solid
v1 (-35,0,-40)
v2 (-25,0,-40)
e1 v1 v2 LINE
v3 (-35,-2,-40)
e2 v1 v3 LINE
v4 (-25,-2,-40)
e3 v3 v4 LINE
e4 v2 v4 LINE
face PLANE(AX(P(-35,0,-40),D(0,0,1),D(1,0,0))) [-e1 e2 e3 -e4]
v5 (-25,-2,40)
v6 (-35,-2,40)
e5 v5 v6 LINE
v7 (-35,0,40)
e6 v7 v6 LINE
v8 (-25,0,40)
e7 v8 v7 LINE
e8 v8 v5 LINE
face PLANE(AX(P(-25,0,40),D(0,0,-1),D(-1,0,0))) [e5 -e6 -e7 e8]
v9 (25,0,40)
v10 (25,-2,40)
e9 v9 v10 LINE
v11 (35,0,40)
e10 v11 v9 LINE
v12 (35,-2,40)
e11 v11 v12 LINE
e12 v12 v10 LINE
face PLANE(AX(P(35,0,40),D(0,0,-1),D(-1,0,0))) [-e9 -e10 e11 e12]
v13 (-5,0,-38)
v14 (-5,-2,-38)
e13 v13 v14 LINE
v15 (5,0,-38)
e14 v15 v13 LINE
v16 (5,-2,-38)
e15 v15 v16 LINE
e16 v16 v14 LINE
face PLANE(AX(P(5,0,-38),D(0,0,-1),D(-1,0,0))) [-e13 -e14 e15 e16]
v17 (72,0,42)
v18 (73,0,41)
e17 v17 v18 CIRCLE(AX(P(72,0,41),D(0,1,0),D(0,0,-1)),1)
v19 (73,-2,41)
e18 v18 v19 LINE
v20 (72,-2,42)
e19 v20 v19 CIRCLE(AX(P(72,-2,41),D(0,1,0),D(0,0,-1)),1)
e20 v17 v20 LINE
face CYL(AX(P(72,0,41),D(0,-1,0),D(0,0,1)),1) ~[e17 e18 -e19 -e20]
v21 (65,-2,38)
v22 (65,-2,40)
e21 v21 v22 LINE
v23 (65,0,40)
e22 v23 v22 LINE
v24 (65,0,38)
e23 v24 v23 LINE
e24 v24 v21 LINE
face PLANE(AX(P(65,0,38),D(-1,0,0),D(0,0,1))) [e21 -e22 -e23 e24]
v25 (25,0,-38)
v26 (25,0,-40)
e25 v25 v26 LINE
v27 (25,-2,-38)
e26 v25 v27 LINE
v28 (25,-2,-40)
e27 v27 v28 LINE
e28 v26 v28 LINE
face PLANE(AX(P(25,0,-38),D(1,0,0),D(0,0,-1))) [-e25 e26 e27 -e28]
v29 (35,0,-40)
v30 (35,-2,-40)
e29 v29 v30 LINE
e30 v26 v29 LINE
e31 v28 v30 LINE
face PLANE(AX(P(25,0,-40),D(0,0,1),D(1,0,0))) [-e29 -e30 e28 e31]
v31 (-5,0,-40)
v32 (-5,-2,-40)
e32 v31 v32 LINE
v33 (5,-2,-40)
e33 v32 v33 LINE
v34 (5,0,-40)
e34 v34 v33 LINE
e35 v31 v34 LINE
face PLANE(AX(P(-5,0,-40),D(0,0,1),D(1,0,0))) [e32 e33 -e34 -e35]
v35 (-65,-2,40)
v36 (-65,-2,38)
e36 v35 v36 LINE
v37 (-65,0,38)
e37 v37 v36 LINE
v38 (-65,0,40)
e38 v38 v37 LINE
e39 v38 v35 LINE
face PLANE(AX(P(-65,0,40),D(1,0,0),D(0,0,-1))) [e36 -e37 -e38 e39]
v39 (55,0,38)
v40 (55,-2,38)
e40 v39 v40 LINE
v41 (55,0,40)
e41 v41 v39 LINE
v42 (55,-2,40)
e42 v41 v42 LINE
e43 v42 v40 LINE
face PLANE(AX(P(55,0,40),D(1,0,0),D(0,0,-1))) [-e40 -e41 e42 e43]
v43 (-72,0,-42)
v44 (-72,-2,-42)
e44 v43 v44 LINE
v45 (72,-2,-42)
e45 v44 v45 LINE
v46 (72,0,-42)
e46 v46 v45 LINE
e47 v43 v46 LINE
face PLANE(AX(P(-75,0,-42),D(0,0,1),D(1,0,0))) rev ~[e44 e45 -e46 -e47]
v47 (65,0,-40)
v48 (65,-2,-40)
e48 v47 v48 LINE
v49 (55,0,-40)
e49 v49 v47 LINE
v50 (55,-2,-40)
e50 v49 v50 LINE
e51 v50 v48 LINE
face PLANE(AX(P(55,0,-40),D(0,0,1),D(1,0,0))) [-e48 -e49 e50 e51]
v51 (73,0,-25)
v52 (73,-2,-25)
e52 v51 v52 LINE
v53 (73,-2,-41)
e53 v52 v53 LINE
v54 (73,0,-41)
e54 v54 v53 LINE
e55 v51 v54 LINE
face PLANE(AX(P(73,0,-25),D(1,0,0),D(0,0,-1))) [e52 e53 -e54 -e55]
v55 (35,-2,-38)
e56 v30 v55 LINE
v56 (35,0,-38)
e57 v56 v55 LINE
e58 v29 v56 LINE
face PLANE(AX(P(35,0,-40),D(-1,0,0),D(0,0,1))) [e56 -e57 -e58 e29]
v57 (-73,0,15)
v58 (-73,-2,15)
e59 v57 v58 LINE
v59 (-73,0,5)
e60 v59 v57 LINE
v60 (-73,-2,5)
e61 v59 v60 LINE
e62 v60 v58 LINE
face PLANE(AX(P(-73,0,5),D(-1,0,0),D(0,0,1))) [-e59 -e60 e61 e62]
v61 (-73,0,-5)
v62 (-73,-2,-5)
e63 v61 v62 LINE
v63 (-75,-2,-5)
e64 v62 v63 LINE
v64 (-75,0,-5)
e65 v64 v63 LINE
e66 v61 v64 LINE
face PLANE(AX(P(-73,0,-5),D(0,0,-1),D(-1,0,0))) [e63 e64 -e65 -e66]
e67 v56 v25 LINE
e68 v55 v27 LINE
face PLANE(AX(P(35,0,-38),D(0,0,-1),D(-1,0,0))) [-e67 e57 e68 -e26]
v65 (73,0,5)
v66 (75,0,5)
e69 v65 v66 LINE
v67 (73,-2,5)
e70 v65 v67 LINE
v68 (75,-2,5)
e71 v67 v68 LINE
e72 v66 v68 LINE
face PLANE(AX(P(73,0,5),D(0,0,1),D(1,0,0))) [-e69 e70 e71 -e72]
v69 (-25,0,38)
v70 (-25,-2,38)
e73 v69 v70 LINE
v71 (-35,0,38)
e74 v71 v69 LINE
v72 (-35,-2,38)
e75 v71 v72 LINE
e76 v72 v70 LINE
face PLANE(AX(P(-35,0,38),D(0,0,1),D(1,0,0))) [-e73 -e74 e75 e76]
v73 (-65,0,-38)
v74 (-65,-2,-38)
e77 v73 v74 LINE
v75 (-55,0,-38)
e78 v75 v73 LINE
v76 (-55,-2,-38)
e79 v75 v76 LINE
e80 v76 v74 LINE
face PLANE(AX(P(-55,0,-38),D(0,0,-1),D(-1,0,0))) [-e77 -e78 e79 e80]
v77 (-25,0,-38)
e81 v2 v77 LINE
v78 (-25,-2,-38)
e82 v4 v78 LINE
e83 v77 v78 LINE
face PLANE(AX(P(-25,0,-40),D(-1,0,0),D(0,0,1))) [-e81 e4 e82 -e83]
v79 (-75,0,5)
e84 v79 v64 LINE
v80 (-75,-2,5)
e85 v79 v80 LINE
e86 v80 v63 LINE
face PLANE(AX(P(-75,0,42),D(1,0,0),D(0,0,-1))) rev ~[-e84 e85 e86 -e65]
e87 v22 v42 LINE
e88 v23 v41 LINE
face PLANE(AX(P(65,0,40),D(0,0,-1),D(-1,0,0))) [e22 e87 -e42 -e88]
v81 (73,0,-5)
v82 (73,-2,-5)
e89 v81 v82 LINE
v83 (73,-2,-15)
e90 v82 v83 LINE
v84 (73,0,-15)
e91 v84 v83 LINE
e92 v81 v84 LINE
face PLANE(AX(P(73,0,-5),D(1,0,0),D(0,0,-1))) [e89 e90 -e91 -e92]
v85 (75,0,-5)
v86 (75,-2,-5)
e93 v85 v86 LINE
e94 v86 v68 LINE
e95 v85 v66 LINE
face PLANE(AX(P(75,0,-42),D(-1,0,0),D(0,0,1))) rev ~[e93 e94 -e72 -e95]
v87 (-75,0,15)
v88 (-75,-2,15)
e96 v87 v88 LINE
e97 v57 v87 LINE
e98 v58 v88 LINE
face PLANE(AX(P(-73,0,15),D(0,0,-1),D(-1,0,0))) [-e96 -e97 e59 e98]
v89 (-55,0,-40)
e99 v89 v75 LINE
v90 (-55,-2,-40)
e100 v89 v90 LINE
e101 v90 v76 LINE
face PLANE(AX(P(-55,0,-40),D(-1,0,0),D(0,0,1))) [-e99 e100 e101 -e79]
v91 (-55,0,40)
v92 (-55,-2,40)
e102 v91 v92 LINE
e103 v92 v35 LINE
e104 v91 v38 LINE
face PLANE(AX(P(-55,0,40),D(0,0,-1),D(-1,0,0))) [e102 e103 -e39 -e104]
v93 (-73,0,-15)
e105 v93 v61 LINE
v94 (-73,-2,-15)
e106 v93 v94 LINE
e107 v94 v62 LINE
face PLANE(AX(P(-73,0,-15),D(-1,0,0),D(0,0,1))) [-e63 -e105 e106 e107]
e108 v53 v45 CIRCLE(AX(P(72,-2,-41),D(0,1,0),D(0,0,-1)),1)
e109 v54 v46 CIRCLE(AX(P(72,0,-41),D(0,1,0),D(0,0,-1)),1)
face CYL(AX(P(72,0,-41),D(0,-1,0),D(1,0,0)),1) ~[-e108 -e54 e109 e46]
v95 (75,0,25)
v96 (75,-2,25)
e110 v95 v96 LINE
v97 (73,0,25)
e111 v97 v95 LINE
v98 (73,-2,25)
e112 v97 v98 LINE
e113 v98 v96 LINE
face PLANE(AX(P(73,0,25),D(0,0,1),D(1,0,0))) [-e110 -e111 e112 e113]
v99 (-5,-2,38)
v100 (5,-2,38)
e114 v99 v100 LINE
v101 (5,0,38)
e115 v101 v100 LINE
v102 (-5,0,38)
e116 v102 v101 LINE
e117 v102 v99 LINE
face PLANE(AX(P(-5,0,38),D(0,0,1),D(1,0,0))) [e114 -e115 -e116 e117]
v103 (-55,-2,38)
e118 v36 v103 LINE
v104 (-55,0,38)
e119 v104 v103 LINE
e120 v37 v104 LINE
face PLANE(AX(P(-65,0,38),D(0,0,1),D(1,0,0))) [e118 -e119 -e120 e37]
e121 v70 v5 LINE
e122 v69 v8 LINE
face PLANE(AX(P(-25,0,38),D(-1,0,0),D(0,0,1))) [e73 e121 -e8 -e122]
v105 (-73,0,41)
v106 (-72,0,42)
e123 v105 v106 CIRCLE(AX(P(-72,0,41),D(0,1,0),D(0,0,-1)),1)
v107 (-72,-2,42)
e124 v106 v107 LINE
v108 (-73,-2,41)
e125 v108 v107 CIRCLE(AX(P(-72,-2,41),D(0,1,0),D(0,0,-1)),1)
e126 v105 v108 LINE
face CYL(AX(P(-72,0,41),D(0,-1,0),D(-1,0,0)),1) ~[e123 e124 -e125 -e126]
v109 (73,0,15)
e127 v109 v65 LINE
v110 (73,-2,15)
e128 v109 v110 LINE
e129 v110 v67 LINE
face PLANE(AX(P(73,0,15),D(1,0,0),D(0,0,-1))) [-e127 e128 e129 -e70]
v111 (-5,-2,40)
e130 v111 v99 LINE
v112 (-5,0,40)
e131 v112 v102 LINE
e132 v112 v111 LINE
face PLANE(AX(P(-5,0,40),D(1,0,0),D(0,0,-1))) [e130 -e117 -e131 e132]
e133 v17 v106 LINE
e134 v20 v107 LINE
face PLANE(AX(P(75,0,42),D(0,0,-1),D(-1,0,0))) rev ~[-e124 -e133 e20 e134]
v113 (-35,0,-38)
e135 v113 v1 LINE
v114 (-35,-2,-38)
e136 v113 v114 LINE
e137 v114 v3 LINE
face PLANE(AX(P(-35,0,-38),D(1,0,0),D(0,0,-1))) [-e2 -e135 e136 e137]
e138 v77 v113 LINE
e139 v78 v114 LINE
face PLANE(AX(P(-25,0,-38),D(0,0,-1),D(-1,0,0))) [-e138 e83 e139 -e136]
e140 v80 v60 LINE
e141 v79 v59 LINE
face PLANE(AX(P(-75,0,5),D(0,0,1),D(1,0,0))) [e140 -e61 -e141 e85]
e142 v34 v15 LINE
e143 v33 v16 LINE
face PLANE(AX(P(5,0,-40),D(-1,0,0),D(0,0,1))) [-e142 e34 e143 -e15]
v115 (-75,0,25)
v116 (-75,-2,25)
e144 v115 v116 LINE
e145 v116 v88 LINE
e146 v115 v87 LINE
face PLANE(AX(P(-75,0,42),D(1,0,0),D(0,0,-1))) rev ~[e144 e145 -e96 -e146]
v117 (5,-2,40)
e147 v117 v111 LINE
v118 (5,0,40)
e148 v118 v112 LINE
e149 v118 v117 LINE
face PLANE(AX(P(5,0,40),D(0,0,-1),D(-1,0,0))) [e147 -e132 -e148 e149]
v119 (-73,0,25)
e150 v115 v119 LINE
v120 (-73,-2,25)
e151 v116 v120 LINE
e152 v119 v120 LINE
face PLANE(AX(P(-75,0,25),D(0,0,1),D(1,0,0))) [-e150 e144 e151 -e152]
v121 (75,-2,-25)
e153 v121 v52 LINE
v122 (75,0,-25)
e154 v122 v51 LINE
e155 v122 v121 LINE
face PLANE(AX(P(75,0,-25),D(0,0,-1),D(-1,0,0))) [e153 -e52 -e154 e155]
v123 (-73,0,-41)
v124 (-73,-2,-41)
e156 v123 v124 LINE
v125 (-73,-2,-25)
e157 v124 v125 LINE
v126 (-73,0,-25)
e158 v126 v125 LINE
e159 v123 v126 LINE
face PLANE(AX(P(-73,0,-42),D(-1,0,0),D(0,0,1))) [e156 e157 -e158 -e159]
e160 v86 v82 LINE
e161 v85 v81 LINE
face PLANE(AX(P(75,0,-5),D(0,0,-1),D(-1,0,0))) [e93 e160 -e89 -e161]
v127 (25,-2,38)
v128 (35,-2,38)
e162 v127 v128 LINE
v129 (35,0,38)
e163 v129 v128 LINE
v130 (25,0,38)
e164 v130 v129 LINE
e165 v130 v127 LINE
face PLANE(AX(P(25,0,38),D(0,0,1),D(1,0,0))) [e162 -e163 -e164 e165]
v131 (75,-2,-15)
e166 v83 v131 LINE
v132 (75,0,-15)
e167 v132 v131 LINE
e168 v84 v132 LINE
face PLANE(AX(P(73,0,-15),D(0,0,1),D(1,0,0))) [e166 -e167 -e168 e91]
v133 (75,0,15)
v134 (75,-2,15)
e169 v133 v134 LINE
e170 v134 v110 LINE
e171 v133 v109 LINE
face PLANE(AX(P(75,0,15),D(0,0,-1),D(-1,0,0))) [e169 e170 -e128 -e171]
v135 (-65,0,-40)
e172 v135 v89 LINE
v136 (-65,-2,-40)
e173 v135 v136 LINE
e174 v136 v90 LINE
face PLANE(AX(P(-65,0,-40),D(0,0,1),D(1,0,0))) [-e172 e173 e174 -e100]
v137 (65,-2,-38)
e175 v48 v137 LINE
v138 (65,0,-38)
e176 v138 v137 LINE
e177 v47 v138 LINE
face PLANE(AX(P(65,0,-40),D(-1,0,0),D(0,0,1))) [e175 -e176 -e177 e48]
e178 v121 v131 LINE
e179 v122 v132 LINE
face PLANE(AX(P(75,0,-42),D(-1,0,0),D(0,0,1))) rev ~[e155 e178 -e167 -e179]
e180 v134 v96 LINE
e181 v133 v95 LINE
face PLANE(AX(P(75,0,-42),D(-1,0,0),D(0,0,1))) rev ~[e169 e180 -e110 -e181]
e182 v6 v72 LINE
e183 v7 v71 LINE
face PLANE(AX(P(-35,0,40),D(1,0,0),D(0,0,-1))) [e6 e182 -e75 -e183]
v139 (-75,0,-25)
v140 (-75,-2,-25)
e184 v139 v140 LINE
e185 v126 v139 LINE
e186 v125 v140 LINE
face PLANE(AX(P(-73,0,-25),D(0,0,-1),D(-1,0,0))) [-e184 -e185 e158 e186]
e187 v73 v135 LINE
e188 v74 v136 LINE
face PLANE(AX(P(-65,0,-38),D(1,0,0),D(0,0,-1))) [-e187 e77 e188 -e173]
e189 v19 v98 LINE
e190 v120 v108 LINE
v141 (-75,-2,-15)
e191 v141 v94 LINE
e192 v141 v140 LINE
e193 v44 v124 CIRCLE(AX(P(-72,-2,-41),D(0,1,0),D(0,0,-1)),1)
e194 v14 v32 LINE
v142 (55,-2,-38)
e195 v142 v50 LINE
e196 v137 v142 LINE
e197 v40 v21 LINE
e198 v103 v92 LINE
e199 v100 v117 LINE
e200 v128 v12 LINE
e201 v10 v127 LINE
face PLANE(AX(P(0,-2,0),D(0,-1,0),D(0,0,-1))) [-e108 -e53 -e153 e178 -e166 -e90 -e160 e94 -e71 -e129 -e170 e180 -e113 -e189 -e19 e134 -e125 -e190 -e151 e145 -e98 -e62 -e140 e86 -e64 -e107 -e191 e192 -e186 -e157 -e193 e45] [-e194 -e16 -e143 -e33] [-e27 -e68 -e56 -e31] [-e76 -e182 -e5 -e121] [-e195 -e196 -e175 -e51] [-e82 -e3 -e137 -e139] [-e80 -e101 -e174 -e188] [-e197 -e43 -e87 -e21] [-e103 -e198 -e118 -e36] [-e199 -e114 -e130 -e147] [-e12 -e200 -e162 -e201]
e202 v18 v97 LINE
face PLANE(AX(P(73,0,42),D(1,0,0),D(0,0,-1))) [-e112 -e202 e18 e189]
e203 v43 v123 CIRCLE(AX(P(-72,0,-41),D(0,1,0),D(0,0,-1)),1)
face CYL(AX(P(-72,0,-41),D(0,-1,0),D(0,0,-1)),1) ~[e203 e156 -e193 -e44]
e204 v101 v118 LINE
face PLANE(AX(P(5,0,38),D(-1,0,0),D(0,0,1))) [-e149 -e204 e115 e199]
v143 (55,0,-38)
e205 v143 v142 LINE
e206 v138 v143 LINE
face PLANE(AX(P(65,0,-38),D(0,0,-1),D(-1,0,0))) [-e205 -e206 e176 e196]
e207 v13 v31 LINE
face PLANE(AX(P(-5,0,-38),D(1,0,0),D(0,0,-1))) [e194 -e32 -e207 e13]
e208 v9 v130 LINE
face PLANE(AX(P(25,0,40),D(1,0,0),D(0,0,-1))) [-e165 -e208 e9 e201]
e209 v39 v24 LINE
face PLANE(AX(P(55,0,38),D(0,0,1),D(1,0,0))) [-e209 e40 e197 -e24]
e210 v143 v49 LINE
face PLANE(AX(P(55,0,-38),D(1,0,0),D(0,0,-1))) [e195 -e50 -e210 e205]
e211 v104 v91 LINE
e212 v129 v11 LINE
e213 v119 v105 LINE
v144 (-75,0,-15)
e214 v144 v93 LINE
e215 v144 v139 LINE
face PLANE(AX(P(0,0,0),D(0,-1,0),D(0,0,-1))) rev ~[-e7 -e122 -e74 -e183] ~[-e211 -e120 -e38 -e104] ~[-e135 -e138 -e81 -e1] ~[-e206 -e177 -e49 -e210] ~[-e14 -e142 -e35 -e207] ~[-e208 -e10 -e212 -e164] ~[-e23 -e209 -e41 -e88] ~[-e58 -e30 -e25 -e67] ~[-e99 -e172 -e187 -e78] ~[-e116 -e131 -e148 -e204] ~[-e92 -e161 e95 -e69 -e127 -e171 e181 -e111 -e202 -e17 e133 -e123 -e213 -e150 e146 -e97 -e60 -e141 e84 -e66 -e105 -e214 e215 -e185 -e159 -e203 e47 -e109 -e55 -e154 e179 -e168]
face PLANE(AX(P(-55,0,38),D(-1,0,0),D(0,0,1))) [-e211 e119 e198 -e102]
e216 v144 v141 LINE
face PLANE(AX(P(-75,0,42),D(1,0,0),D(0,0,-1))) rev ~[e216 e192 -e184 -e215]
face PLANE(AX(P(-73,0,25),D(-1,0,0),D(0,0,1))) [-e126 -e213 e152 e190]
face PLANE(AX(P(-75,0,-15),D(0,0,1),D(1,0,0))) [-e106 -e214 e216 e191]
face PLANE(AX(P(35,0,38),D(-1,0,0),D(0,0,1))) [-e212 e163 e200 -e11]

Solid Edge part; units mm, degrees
sketch "Sketch1" plane through (0, 0, 0) normal (0, -1, 0) x (1, 0, 0)
  line L0 (75, -42) -> (75, 42)
  line L1 (75, 42) -> (-75, 42)
  line L2 (-75, 42) -> (-75, -42)
  line L3 (-75, -42) -> (75, -42)
extrude "Protrusion1" add sketch "Sketch1" along normal blind 2
sketch "Sketch2" plane through (0, 0, 0) normal (0, -1, 0) x (1, 0, 0)
  line L0 (-55, 38) -> (-55, 40)
  line L1 (-55, 40) -> (-65, 40)
  line L2 (-65, 40) -> (-65, 38)
  line L3 (-65, 38) -> (-55, 38)
  line L4 (-25, 40) -> (-35, 40)
  line L5 (-35, 40) -> (-35, 38)
  line L6 (-35, 38) -> (-25, 38)
  line L7 (-25, 38) -> (-25, 40)
  line L8 (-5, 38) -> (5, 38)
  line L9 (5, 38) -> (5, 40)
  line L10 (5, 40) -> (-5, 40)
  line L11 (-5, 40) -> (-5, 38)
  line L12 (25, 38) -> (35, 38)
  line L13 (35, 38) -> (35, 40)
  line L14 (35, 40) -> (25, 40)
  line L15 (25, 40) -> (25, 38)
  line L16 (55, 38) -> (65, 38)
  line L17 (65, 38) -> (65, 40)
  line L18 (65, 40) -> (55, 40)
  line L19 (55, 40) -> (55, 38)
  line L20 (65, -40) -> (65, -38)
  line L21 (65, -38) -> (55, -38)
  line L22 (55, -38) -> (55, -40)
  line L23 (55, -40) -> (65, -40)
  line L24 (25, -40) -> (35, -40)
  line L25 (35, -40) -> (35, -38)
  line L26 (35, -38) -> (25, -38)
  line L27 (25, -38) -> (25, -40)
  line L28 (5, -38) -> (-5, -38)
  line L29 (-5, -38) -> (-5, -40)
  line L30 (-5, -40) -> (5, -40)
  line L31 (5, -40) -> (5, -38)
  line L32 (-25, -38) -> (-35, -38)
  line L33 (-35, -38) -> (-35, -40)
  line L34 (-35, -40) -> (-25, -40)
  line L35 (-25, -40) -> (-25, -38)
  line L36 (-55, -40) -> (-55, -38)
  line L37 (-55, -38) -> (-65, -38)
  line L38 (-65, -38) -> (-65, -40)
  line L39 (-65, -40) -> (-55, -40)
  line L40 (-73, -42) -> (-73, -25)
  line L41 (-73, -25) -> (-75, -25)
  line L42 (-75, -25) -> (-75, -42)
  line L43 (-75, -42) -> (-73, -42)
  line L44 (-73, -15) -> (-73, -5)
  line L45 (-73, -5) -> (-75, -5)
  line L46 (-75, -5) -> (-75, -15)
  line L47 (-75, -15) -> (-73, -15)
  line L48 (-73, 5) -> (-73, 15)
  line L49 (-73, 15) -> (-75, 15)
  line L50 (-75, 15) -> (-75, 5)
  line L51 (-75, 5) -> (-73, 5)
  line L52 (-73, 25) -> (-73, 42)
  line L53 (-73, 42) -> (-75, 42)
  line L54 (-75, 42) -> (-75, 25)
  line L55 (-75, 25) -> (-73, 25)
  line L56 (75, 25) -> (75, 42)
  line L57 (75, 42) -> (73, 42)
  line L58 (73, 42) -> (73, 25)
  line L59 (73, 25) -> (75, 25)
  line L60 (73, 15) -> (73, 5)
  line L61 (73, 5) -> (75, 5)
  line L62 (75, 5) -> (75, 15)
  line L63 (75, 15) -> (73, 15)
  line L64 (73, -5) -> (73, -15)
  line L65 (73, -15) -> (75, -15)
  line L66 (75, -15) -> (75, -5)
  line L67 (75, -5) -> (73, -5)
  line L68 (73, -25) -> (73, -42)
  line L69 (73, -42) -> (75, -42)
  line L70 (75, -42) -> (75, -25)
  line L71 (75, -25) -> (73, -25)
  dimension "D1" = 10
  dimension "D2" = 2
  dimension "D3" = 10
  dimension "D4" = 2
  dimension "D5" = 10
  dimension "D6" = 2
  dimension "D7" = 10
  dimension "D8" = 2
  dimension "D9" = 10
  dimension "D10" = 2
  dimension "D11" = 10
  dimension "D12" = 2
  dimension "D13" = 20
  dimension "D14" = 2
  dimension "D15" = 20
  dimension "D16" = 2
  dimension "D17" = 20
  dimension "D18" = 2
  dimension "D19" = 20
  dimension "D20" = 2
  dimension "D21" = 2
  dimension "D22" = 17
  dimension "D23" = 2
  dimension "D24" = 10
  dimension "D25" = 2
  dimension "D26" = 10
  dimension "D27" = 2
  dimension "D28" = 17
  dimension "D29" = 10
  dimension "D30" = 2
  dimension "D31" = 10
  dimension "D32" = 2
  dimension "D33" = 10
  dimension "D34" = 2
  dimension "D35" = 10
  dimension "D36" = 2
  dimension "D37" = 10
  dimension "D38" = 2
  dimension "D39" = 10
  dimension "D40" = 10
  dimension "D41" = 10
  dimension "D42" = 2
  dimension "D43" = 10
  dimension "D44" = 2
  dimension "D45" = 2
  dimension "D46" = 2
  dimension "D47" = 2
  dimension "D48" = 20
  dimension "D49" = 20
  dimension "D50" = 20
  dimension "D51" = 20
  dimension "D52" = 2
  dimension "D53" = 17
  dimension "D54" = 2
  dimension "D55" = 10
  dimension "D56" = 2
  dimension "D57" = 17
  dimension "D58" = 2
  dimension "D59" = 10
  dimension "D60" = 10
  dimension "D61" = 10
extrude "ExtrudedCutout_1" cut sketch "Sketch2" along normal blind 2
fillet "Round_1" radius 1 4 edges at (-73, -1, -42) (73, -1, -42) (73, -1, 42) (-73, -1, 42)
properties material "Acrylic, high impact grade"
